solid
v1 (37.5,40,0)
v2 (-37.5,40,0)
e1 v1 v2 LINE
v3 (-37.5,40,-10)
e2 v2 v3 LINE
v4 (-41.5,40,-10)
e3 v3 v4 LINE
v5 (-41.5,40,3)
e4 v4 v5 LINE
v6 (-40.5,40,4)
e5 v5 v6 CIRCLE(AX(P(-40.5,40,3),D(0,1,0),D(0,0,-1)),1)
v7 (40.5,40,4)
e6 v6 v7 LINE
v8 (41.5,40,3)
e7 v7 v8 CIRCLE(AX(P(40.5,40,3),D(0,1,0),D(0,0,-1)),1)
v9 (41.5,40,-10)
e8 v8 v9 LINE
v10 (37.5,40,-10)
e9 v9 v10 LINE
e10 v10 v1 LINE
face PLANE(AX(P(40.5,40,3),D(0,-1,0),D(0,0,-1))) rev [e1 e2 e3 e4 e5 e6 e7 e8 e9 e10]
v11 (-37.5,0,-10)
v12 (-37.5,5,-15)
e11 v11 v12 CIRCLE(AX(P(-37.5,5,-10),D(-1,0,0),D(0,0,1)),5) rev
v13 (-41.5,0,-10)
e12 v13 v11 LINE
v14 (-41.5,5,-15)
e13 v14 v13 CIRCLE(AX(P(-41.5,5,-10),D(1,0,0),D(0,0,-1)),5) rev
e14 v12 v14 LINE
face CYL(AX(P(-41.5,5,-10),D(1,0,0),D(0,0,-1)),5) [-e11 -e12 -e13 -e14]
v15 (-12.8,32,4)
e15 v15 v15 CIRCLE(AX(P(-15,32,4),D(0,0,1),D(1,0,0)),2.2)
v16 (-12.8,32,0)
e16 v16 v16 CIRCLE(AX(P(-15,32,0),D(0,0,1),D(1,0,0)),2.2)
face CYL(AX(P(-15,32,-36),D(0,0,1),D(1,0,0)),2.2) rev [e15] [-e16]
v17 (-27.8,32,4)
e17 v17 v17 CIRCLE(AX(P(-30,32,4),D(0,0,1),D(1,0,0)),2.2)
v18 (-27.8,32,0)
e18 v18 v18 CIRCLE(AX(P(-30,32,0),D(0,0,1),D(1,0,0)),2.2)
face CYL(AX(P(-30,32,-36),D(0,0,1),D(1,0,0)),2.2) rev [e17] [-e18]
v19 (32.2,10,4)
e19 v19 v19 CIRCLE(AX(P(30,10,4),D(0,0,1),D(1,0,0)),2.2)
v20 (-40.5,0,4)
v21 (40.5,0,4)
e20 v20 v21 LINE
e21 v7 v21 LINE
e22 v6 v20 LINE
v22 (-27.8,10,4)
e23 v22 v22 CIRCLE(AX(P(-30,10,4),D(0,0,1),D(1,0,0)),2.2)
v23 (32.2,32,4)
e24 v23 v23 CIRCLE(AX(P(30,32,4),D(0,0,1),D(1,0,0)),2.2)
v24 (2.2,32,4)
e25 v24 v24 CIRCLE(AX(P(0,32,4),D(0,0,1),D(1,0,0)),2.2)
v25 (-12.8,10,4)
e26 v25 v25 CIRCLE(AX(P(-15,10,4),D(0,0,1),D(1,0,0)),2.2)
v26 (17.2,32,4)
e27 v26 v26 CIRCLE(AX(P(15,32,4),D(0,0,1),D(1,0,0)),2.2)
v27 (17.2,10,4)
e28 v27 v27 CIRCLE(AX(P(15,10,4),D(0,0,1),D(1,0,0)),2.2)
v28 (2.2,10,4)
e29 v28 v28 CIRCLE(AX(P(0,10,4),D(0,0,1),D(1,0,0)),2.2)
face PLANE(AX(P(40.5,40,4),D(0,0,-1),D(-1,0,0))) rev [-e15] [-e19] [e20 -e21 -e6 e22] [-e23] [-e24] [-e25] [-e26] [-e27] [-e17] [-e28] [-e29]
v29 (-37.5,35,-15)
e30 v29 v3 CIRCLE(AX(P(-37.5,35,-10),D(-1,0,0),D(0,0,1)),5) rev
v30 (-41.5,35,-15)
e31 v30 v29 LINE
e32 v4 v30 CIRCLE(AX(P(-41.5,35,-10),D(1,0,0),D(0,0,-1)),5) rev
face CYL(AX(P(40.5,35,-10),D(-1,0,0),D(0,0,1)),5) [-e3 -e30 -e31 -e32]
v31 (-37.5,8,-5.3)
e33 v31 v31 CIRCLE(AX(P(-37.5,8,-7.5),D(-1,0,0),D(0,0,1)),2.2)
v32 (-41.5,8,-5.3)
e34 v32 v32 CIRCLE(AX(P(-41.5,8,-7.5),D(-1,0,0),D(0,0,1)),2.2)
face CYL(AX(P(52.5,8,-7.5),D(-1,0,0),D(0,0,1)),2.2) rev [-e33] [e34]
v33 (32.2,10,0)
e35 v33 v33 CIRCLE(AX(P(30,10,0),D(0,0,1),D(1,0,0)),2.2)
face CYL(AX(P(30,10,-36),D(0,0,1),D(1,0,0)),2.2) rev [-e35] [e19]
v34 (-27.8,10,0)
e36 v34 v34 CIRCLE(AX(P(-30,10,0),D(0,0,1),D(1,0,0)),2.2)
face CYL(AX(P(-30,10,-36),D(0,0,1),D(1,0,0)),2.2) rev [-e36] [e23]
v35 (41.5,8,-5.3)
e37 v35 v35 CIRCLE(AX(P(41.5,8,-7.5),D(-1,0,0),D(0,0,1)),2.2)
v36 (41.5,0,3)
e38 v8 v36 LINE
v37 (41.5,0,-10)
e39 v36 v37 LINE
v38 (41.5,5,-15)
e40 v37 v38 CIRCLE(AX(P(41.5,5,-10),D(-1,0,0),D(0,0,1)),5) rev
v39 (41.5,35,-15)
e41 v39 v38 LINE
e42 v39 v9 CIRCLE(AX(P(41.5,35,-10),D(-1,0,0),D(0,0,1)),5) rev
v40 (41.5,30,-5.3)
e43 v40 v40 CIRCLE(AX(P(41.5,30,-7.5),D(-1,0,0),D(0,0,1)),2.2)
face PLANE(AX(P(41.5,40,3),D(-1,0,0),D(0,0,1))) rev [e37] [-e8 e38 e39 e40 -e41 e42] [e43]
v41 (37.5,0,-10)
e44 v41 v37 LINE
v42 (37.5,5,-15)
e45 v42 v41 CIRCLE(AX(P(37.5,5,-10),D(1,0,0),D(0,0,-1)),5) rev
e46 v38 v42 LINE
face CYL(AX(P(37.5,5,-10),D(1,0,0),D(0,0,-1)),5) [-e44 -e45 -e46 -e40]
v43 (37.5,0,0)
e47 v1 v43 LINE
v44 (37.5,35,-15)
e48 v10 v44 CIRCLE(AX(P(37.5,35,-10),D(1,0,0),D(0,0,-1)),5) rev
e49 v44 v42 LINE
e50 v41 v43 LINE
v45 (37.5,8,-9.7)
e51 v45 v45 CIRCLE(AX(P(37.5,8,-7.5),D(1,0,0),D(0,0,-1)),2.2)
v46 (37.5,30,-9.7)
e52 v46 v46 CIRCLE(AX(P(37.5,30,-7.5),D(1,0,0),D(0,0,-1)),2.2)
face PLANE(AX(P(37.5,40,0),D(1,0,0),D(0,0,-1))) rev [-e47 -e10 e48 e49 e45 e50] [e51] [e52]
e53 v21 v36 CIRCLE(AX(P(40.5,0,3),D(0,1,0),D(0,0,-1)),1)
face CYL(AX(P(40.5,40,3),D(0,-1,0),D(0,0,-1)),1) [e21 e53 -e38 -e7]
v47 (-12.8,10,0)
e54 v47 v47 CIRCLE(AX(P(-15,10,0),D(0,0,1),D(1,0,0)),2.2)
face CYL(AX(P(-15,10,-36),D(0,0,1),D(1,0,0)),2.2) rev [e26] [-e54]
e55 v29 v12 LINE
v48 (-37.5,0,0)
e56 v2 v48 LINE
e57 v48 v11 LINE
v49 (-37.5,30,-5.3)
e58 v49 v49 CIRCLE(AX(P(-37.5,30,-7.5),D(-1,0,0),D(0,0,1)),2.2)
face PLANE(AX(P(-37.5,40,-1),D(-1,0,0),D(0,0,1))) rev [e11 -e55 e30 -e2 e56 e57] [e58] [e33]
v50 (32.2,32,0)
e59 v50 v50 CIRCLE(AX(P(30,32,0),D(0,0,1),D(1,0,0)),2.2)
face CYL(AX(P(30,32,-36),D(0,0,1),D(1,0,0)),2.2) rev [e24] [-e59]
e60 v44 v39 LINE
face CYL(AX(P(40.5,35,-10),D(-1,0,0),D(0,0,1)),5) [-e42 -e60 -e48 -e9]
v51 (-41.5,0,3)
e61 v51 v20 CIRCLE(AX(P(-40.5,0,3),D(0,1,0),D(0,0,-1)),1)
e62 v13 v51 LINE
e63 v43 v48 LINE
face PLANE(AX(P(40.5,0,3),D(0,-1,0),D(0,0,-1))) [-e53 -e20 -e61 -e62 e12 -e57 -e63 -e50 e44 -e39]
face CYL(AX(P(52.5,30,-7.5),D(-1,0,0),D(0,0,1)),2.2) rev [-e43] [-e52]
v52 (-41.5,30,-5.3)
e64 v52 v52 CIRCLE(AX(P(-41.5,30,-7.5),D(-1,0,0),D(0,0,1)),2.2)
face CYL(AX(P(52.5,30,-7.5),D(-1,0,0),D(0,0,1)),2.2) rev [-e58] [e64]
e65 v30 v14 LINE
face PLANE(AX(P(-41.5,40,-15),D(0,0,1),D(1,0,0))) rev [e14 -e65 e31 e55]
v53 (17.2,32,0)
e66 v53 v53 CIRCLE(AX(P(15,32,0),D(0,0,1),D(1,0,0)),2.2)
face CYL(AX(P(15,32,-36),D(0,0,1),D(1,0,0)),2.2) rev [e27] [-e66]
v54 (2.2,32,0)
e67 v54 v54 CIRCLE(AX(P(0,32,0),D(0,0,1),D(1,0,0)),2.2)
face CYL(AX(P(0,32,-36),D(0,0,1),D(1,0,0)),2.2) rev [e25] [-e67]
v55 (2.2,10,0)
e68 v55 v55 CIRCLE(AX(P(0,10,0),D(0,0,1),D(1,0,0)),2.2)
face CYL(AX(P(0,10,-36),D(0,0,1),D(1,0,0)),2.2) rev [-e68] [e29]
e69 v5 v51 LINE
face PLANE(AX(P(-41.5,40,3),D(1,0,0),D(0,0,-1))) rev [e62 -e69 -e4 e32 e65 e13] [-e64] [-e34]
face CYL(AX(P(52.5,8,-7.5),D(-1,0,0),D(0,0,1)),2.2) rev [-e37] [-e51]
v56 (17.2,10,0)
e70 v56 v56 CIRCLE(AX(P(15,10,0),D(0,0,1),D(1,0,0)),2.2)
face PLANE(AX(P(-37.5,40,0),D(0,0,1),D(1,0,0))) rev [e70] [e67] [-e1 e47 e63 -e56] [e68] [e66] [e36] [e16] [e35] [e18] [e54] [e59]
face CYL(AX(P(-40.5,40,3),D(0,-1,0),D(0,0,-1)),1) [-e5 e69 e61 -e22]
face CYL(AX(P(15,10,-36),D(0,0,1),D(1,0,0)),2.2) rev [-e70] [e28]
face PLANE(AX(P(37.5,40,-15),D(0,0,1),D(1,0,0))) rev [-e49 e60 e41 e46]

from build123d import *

# Parameters (mm, degrees)
BOSS_EXTRUDE1_DEPTH = 40
FILLET1_R           = 5
SKETCH2_R           = 2.2
CUT_EXTRUDE1_DEPTH  = 40
SKETCH3_R           = 2.2
CUT_EXTRUDE2_DEPTH  = 94


with BuildPart() as part:
    # Sketch1 → Boss-Extrude1 (new body)
    with BuildSketch(Plane(origin=(0, 0, 0), x_dir=(1, 0, 0), z_dir=(0, 1, 0))):
        with BuildLine():
            Line((36.5, 0), (-36.5, 0))
            Line((-36.5, 0), (-37.5, 0))
            Line((-37.5, 0), (-37.5, 1))
            Line((-37.5, 1), (-37.5, 15))
            Line((-37.5, 15), (-41.5, 15))
            Line((-41.5, 15), (-41.5, -3))
            ThreePointArc((-41.5, -3), (-41.207106781, -3.707106781), (-40.5, -4))
            Line((-40.5, -4), (40.5, -4))
            ThreePointArc((40.5, -4), (41.207106781, -3.707106781), (41.5, -3))
            Line((41.5, -3), (41.5, 15))
            Line((41.5, 15), (37.5, 15))
            Line((37.5, 15), (37.5, 1))
            Line((37.5, 1), (37.5, 0))
            Line((37.5, 0), (36.5, 0))
        make_face()
    extrude(amount=BOSS_EXTRUDE1_DEPTH)

    # Fillet1
    fillet1_edges = [part.edges().sort_by_distance(p)[0] for p in [
        (39.5, 0, -15),
        (-39.5, 0, -15),
        (39.5, 40, -15),
        (-39.5, 40, -15),
    ]]
    fillet(fillet1_edges, radius=FILLET1_R)

    # Sketch2 → Cut-Extrude1 (cut)
    with BuildSketch(Plane.XY.offset(4)):
        with Locations((-30, 32)):
            Circle(SKETCH2_R)
        with Locations((-15, 32)):
            Circle(SKETCH2_R)
        with Locations((0, 32)):
            Circle(SKETCH2_R)
        with Locations((15, 32)):
            Circle(SKETCH2_R)
        with Locations((30, 32)):
            Circle(SKETCH2_R)
        with Locations((-30, 10)):
            Circle(SKETCH2_R)
        with Locations((-15, 10)):
            Circle(SKETCH2_R)
        with Locations((0, 10)):
            Circle(SKETCH2_R)
        with Locations((15, 10)):
            Circle(SKETCH2_R)
        with Locations((30, 10)):
            Circle(SKETCH2_R)
    extrude(amount=-CUT_EXTRUDE1_DEPTH, mode=Mode.SUBTRACT)

    # Sketch3 → Cut-Extrude2 (cut)
    with BuildSketch(Plane.ZY.offset(41.5)):
        with Locations((-7.5, 30)):
            Circle(SKETCH3_R)
        with Locations((-7.5, 8)):
            Circle(SKETCH3_R)
    extrude(amount=-CUT_EXTRUDE2_DEPTH, mode=Mode.SUBTRACT)


solid = part.part
